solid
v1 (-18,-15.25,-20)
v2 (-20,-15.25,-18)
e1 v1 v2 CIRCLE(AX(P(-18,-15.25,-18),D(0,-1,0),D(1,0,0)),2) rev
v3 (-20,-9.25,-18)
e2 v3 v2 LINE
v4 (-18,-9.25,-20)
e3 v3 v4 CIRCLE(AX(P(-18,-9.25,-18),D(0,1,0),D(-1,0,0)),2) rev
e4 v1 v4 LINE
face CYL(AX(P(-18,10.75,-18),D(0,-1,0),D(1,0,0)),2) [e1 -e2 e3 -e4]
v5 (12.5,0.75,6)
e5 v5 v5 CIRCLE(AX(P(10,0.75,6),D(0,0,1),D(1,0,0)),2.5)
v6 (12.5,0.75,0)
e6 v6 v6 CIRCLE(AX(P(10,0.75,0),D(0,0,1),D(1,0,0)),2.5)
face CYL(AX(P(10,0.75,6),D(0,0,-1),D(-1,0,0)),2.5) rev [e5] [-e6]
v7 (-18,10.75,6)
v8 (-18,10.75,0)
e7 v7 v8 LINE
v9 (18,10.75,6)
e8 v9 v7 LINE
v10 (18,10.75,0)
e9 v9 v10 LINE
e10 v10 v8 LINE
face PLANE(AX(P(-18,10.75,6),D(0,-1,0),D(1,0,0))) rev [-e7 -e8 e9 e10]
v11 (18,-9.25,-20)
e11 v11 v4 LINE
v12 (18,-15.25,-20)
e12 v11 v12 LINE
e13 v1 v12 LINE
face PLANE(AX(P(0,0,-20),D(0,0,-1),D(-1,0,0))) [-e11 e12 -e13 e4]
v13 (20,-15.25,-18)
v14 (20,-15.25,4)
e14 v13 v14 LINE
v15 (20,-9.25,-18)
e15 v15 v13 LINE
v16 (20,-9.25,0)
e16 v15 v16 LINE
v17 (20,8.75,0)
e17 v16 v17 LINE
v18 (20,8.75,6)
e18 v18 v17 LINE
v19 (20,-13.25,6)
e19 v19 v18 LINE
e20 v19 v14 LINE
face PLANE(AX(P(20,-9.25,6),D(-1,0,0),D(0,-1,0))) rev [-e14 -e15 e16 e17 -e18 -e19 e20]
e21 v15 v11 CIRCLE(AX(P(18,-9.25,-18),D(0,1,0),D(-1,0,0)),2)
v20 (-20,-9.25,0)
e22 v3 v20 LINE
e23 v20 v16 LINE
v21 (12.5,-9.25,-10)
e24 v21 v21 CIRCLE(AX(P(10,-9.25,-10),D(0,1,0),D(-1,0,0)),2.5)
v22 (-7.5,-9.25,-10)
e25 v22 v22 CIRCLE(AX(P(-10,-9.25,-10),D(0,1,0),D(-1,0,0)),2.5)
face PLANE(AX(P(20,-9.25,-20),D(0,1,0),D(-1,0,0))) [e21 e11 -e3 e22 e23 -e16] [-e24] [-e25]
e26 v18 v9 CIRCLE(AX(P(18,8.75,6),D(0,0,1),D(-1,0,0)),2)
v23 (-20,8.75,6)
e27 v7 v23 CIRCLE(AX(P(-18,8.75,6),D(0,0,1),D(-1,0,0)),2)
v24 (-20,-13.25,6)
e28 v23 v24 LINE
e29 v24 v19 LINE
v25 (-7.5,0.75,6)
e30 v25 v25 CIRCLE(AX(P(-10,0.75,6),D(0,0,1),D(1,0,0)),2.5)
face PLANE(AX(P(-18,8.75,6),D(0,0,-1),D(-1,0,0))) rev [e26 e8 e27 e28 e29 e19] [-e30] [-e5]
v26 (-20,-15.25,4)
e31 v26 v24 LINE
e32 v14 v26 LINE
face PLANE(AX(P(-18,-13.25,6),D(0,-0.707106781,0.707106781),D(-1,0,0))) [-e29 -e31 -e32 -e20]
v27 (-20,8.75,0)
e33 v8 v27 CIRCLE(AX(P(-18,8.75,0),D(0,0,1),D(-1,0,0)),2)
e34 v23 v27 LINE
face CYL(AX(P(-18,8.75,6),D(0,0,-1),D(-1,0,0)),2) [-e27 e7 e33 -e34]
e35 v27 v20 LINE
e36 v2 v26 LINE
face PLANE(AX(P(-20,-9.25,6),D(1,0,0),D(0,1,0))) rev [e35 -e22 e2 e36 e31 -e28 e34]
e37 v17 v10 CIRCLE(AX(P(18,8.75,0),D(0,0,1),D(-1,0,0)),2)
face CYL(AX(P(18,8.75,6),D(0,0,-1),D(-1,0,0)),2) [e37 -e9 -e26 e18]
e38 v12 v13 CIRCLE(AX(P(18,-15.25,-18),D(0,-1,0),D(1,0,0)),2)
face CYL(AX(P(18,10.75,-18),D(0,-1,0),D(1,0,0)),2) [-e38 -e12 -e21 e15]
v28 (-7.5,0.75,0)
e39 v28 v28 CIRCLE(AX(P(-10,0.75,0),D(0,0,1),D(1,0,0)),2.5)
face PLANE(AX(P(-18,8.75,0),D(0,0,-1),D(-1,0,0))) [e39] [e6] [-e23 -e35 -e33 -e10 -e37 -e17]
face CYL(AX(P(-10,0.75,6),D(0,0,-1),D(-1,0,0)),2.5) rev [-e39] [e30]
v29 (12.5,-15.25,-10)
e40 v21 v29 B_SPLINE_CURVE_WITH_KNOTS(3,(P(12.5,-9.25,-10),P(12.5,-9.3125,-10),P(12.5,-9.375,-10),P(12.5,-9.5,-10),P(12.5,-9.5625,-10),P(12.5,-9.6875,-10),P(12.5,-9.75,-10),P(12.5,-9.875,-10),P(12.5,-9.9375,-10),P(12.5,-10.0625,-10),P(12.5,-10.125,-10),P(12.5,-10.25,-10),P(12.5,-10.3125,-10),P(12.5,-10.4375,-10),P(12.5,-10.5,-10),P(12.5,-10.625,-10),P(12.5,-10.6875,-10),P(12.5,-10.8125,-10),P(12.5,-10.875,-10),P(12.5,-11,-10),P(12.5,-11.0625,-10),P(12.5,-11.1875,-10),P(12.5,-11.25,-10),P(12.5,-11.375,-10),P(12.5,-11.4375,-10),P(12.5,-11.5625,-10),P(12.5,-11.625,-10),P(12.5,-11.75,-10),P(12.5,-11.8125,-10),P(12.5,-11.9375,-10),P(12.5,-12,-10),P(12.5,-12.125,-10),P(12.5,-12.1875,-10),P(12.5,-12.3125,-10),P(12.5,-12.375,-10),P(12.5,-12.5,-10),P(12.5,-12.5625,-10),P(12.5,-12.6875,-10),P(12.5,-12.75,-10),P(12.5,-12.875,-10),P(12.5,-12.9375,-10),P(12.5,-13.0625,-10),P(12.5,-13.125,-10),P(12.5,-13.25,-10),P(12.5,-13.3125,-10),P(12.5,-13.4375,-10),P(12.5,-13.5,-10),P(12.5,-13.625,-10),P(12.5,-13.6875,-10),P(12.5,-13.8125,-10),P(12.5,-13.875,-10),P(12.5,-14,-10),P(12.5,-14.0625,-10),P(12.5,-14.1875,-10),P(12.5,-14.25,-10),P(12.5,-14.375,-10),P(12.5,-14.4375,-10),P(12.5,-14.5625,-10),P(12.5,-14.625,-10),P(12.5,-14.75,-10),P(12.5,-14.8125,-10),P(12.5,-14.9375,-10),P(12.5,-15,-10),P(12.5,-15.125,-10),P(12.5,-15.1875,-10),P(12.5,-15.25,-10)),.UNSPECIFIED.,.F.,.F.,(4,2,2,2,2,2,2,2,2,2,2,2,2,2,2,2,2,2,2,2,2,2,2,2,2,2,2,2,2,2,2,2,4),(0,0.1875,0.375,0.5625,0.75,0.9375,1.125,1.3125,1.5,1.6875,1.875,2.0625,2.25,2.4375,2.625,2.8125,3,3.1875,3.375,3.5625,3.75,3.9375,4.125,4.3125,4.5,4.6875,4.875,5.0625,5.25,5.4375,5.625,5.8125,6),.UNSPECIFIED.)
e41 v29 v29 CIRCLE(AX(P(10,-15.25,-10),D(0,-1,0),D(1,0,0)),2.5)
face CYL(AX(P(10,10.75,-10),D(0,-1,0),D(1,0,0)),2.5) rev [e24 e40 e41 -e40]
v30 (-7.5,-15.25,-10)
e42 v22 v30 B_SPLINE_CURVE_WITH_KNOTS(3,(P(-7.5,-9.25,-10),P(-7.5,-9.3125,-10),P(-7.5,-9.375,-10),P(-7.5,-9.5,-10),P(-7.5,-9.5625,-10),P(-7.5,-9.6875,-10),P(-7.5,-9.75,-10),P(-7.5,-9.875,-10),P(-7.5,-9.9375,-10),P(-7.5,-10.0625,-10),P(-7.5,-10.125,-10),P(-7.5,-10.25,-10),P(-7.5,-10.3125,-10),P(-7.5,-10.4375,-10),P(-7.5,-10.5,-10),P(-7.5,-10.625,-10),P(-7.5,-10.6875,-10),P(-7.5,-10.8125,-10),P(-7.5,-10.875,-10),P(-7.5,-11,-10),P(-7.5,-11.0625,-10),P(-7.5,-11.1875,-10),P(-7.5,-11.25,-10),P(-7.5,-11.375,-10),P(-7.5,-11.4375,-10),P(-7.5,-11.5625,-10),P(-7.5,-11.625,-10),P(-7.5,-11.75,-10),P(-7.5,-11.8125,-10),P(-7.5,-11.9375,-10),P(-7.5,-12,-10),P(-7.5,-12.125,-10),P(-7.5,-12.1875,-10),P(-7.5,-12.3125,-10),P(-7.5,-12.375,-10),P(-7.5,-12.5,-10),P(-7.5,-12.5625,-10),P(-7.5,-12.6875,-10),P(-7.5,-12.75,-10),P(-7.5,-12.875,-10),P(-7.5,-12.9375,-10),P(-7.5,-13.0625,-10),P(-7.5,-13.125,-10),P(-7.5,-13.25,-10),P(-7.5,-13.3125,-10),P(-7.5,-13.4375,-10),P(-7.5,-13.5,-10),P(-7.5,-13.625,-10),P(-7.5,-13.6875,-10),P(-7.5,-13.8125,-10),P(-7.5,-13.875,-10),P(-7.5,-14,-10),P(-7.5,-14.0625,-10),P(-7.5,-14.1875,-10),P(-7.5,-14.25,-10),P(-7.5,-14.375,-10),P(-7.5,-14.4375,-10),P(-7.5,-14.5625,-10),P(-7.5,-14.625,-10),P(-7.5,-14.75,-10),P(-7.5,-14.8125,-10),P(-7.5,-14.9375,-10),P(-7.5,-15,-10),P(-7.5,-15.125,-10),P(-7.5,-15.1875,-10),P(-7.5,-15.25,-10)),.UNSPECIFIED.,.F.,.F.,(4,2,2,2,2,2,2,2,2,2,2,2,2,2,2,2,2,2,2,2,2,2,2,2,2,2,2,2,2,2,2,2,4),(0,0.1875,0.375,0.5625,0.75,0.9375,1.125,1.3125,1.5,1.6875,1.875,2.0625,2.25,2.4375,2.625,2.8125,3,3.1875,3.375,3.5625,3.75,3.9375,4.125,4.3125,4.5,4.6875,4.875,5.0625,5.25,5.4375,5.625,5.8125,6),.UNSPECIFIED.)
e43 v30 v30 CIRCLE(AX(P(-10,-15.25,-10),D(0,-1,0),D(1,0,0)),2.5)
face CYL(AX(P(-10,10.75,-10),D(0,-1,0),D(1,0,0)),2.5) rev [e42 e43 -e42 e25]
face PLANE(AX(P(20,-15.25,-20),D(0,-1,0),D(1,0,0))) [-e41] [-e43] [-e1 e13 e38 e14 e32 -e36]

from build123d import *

# Parameters (mm, degrees)
SKETCH1_R           = 2.5
BOSS_EXTRUDE2_DEPTH = 6
SKETCH3_W           = 40
SKETCH3_H           = 6
BOSS_EXTRUDE3_DEPTH = 26
SKETCH4_R           = 2.5
CUT_EXTRUDE2_DEPTH  = 26
CHAMFER1_SIZE       = 2


with BuildPart() as part:
    # Sketch1 → Boss-Extrude2 (new body)
    with BuildSketch(Plane.XY):
        with BuildLine():
            Line((-20, -9.25), (20, -9.25))
            Line((20, -9.25), (20, 8.75))
            ThreePointArc((20, 8.75), (19.414213562, 10.164213562), (18, 10.75))
            Line((18, 10.75), (-18, 10.75))
            ThreePointArc((-18, 10.75), (-19.414213562, 10.164213562), (-20, 8.75))
            Line((-20, 8.75), (-20, -9.25))
        make_face()
        with Locations((-10, 0.75)):
            Circle(SKETCH1_R, mode=Mode.SUBTRACT)
        with Locations((10, 0.75)):
            Circle(SKETCH1_R, mode=Mode.SUBTRACT)
    extrude(amount=BOSS_EXTRUDE2_DEPTH)

    # Sketch3 → Boss-Extrude3 (add)
    with BuildSketch(Plane.XY.offset(6)):
        with Locations((0, -12.25)):
            Rectangle(SKETCH3_W, SKETCH3_H)
    extrude(amount=-BOSS_EXTRUDE3_DEPTH)

    # Sketch4 → Cut-Extrude2 (cut)
    with BuildSketch(Plane.XZ.offset(15.25)):
        with Locations((-10, -10)):
            Circle(SKETCH4_R)
        with Locations((10, -10)):
            Circle(SKETCH4_R)
        with BuildLine():
            Line((-20, -20), (-18, -20))
            ThreePointArc((-18, -20), (-19.414213562, -19.414213562), (-20, -18))
            Line((-20, -18), (-20, -20))
        make_face()
        with BuildLine():
            ThreePointArc((20, -18), (19.414213562, -19.414213562), (18, -20))
            Line((18, -20), (20, -20))
            Line((20, -20), (20, -18))
        make_face()
    extrude(amount=-CUT_EXTRUDE2_DEPTH, mode=Mode.SUBTRACT)

    # Chamfer1
    chamfer1_edges = [part.edges().sort_by_distance(p)[0] for p in [
        (0, -15.25, 6),
    ]]
    chamfer(chamfer1_edges, length=CHAMFER1_SIZE)


solid = part.part
